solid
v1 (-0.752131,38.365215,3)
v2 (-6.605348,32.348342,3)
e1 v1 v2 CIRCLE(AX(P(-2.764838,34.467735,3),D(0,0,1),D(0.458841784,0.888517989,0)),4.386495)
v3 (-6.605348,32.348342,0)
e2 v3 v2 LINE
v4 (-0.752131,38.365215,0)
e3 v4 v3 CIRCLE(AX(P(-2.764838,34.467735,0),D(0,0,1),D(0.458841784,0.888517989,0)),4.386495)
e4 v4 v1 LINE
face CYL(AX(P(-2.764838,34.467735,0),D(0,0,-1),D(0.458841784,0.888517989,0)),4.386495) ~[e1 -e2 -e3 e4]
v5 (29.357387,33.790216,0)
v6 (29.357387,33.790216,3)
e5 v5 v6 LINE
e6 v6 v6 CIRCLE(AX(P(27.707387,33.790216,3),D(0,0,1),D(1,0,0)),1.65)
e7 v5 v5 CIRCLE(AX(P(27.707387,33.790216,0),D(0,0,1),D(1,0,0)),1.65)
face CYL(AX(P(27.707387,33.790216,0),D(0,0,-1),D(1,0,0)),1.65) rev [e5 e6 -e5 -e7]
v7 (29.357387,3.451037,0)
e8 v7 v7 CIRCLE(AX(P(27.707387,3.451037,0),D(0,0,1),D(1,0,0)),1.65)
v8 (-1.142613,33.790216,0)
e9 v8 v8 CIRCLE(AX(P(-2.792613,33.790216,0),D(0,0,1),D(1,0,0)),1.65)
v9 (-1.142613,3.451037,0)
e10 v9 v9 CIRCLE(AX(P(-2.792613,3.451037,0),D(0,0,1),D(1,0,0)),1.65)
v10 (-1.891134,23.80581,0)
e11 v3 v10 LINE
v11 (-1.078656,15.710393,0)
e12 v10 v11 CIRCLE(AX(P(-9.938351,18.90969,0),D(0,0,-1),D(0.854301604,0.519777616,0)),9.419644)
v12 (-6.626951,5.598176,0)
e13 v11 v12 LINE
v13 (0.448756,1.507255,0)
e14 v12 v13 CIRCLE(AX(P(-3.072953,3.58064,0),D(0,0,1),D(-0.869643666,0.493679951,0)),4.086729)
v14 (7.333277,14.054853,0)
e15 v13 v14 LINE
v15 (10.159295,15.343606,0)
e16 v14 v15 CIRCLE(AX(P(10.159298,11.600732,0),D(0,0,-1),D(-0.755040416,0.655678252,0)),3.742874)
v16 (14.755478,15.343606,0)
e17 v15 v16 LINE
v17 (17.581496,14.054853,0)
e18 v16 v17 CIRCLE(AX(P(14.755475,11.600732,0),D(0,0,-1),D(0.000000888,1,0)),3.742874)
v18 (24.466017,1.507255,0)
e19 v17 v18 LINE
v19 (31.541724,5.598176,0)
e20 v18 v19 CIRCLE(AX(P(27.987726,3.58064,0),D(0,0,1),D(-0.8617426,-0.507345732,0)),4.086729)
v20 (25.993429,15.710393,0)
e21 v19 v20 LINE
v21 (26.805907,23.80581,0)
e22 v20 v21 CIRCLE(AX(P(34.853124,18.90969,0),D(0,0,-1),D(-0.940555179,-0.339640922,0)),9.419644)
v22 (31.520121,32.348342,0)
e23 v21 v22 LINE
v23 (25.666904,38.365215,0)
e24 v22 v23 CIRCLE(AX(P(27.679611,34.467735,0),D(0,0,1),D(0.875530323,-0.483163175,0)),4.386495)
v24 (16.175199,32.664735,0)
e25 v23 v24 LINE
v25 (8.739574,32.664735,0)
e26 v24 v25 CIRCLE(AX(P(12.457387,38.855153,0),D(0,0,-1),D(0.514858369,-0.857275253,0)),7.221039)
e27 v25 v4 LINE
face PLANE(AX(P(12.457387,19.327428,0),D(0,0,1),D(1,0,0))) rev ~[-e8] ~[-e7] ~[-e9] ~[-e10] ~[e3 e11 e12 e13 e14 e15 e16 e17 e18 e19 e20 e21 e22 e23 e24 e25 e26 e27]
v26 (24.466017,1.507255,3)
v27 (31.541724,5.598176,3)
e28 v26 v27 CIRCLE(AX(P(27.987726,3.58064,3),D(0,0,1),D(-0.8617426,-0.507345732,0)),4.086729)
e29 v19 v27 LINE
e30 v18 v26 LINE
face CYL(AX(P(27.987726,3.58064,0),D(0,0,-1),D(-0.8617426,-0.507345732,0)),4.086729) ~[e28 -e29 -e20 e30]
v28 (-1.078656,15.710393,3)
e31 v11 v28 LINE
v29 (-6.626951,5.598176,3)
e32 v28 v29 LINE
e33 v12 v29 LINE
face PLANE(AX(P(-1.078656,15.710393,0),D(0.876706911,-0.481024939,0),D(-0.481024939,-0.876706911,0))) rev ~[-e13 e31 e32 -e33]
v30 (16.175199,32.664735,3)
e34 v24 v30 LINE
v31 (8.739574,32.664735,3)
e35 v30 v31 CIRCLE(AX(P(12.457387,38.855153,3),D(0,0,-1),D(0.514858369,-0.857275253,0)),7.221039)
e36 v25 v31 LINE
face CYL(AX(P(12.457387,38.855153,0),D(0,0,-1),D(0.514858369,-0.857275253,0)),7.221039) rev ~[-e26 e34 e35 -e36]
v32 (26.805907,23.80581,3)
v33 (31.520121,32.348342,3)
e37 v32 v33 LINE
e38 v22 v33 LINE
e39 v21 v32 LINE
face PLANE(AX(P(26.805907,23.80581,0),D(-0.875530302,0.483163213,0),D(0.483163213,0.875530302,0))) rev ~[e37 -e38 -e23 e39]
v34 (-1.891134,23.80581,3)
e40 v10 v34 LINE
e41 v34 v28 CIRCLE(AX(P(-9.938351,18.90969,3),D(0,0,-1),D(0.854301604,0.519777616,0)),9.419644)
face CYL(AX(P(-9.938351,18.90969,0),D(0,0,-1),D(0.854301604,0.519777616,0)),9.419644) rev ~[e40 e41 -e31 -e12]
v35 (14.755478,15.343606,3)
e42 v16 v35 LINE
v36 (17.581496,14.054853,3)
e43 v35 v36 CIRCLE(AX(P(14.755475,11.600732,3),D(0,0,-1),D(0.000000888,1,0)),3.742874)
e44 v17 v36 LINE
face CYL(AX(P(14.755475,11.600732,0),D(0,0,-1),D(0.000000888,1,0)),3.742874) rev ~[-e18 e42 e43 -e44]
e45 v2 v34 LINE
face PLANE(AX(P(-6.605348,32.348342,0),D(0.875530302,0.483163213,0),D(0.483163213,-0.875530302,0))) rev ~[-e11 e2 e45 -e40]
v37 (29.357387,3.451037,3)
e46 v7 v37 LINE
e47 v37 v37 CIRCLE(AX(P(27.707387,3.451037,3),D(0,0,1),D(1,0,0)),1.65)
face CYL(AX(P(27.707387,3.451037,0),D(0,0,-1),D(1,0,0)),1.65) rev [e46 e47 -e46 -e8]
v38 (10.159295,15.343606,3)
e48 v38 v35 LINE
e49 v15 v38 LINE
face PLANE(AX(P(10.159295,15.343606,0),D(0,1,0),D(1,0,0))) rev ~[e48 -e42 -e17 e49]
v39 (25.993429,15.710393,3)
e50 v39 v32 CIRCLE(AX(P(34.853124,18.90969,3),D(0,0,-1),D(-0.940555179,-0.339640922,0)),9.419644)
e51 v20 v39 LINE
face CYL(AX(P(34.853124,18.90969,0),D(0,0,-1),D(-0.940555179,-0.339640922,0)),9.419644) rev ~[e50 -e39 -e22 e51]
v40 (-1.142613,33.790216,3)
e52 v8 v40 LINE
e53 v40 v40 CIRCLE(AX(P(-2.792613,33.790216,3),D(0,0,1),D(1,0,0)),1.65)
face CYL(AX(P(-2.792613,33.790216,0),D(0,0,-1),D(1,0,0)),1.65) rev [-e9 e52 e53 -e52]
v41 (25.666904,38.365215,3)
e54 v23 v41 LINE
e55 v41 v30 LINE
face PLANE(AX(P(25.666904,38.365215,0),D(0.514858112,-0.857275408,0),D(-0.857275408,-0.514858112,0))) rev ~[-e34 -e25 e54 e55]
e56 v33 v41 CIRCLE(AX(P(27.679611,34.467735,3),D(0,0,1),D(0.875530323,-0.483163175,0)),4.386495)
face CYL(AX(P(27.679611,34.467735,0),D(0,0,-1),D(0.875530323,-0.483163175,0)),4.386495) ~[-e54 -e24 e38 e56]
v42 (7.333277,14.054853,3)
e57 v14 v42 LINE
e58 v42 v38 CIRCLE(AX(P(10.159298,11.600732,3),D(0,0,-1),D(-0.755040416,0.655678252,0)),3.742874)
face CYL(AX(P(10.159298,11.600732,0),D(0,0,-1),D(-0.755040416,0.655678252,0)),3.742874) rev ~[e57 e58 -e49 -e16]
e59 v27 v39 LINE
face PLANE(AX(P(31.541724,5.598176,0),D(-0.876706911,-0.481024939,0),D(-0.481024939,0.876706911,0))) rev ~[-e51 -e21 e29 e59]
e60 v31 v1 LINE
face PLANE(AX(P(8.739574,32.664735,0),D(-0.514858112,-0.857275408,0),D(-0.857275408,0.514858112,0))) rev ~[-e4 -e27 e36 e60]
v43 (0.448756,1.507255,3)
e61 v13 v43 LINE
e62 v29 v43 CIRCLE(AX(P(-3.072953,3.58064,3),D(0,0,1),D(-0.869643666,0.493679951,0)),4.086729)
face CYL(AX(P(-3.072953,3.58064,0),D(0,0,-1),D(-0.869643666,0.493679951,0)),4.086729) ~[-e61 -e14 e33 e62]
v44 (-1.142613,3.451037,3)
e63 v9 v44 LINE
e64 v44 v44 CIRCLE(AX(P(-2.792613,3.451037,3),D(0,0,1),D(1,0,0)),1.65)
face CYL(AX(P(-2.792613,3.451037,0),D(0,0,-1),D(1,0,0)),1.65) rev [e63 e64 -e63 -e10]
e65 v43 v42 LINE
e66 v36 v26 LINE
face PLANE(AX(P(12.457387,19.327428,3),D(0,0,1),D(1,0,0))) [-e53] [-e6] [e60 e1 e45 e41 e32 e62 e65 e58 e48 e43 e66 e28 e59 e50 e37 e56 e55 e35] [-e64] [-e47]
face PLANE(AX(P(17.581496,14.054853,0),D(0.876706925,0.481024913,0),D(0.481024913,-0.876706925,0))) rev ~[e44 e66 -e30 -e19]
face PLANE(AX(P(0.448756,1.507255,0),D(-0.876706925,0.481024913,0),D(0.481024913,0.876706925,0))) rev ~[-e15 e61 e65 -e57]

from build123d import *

# Parameters (mm, degrees)
F0_R     = 1.65
F1_DEPTH = 3


with BuildPart() as f1:
    # F0 (on Top) → F1 (new body)
    with BuildSketch(Plane.XY):
        with BuildLine():
            Line((25.666904, 38.365215), (16.175199, 32.664735))
            ThreePointArc((16.175199, 32.664735), (12.457387, 31.634114), (8.739574, 32.664735))
            Line((8.739574, 32.664735), (-0.752131, 38.365215))
            ThreePointArc((-0.752131, 38.365215), (-5.909024, 37.526401), (-6.605348, 32.348342))
            Line((-6.605348, 32.348342), (-1.891134, 23.80581))
            ThreePointArc((-1.891134, 23.80581), (-0.565792, 19.850345), (-1.078656, 15.710393))
            Line((-1.078656, 15.710393), (-6.626951, 5.598176))
            ThreePointArc((-6.626951, 5.598176), (-5.118477, 0.042676), (0.448756, 1.507255))
            Line((0.448756, 1.507255), (7.333277, 14.054853))
            ThreePointArc((7.333277, 14.054853), (8.606293, 15.00621), (10.159295, 15.343606))
            Line((10.159295, 15.343606), (12.457387, 15.343606))
            Line((12.457387, 15.343606), (14.755478, 15.343606))
            ThreePointArc((14.755478, 15.343606), (16.30848, 15.00621), (17.581496, 14.054853))
            Line((17.581496, 14.054853), (24.466017, 1.507255))
            ThreePointArc((24.466017, 1.507255), (30.03325, 0.042676), (31.541724, 5.598176))
            Line((31.541724, 5.598176), (25.993429, 15.710393))
            ThreePointArc((25.993429, 15.710393), (25.480565, 19.850345), (26.805907, 23.80581))
            Line((26.805907, 23.80581), (31.520121, 32.348342))
            ThreePointArc((31.520121, 32.348342), (30.823797, 37.526401), (25.666904, 38.365215))
        make_face()
        with Locations((-2.792613, 3.451037)):
            Circle(F0_R, mode=Mode.SUBTRACT)
        with Locations((27.707387, 3.451037)):
            Circle(F0_R, mode=Mode.SUBTRACT)
        with Locations((-2.792613, 33.790216)):
            Circle(F0_R, mode=Mode.SUBTRACT)
        with Locations((27.707387, 33.790216)):
            Circle(F0_R, mode=Mode.SUBTRACT)
    extrude(amount=F1_DEPTH)


solid = f1.part
